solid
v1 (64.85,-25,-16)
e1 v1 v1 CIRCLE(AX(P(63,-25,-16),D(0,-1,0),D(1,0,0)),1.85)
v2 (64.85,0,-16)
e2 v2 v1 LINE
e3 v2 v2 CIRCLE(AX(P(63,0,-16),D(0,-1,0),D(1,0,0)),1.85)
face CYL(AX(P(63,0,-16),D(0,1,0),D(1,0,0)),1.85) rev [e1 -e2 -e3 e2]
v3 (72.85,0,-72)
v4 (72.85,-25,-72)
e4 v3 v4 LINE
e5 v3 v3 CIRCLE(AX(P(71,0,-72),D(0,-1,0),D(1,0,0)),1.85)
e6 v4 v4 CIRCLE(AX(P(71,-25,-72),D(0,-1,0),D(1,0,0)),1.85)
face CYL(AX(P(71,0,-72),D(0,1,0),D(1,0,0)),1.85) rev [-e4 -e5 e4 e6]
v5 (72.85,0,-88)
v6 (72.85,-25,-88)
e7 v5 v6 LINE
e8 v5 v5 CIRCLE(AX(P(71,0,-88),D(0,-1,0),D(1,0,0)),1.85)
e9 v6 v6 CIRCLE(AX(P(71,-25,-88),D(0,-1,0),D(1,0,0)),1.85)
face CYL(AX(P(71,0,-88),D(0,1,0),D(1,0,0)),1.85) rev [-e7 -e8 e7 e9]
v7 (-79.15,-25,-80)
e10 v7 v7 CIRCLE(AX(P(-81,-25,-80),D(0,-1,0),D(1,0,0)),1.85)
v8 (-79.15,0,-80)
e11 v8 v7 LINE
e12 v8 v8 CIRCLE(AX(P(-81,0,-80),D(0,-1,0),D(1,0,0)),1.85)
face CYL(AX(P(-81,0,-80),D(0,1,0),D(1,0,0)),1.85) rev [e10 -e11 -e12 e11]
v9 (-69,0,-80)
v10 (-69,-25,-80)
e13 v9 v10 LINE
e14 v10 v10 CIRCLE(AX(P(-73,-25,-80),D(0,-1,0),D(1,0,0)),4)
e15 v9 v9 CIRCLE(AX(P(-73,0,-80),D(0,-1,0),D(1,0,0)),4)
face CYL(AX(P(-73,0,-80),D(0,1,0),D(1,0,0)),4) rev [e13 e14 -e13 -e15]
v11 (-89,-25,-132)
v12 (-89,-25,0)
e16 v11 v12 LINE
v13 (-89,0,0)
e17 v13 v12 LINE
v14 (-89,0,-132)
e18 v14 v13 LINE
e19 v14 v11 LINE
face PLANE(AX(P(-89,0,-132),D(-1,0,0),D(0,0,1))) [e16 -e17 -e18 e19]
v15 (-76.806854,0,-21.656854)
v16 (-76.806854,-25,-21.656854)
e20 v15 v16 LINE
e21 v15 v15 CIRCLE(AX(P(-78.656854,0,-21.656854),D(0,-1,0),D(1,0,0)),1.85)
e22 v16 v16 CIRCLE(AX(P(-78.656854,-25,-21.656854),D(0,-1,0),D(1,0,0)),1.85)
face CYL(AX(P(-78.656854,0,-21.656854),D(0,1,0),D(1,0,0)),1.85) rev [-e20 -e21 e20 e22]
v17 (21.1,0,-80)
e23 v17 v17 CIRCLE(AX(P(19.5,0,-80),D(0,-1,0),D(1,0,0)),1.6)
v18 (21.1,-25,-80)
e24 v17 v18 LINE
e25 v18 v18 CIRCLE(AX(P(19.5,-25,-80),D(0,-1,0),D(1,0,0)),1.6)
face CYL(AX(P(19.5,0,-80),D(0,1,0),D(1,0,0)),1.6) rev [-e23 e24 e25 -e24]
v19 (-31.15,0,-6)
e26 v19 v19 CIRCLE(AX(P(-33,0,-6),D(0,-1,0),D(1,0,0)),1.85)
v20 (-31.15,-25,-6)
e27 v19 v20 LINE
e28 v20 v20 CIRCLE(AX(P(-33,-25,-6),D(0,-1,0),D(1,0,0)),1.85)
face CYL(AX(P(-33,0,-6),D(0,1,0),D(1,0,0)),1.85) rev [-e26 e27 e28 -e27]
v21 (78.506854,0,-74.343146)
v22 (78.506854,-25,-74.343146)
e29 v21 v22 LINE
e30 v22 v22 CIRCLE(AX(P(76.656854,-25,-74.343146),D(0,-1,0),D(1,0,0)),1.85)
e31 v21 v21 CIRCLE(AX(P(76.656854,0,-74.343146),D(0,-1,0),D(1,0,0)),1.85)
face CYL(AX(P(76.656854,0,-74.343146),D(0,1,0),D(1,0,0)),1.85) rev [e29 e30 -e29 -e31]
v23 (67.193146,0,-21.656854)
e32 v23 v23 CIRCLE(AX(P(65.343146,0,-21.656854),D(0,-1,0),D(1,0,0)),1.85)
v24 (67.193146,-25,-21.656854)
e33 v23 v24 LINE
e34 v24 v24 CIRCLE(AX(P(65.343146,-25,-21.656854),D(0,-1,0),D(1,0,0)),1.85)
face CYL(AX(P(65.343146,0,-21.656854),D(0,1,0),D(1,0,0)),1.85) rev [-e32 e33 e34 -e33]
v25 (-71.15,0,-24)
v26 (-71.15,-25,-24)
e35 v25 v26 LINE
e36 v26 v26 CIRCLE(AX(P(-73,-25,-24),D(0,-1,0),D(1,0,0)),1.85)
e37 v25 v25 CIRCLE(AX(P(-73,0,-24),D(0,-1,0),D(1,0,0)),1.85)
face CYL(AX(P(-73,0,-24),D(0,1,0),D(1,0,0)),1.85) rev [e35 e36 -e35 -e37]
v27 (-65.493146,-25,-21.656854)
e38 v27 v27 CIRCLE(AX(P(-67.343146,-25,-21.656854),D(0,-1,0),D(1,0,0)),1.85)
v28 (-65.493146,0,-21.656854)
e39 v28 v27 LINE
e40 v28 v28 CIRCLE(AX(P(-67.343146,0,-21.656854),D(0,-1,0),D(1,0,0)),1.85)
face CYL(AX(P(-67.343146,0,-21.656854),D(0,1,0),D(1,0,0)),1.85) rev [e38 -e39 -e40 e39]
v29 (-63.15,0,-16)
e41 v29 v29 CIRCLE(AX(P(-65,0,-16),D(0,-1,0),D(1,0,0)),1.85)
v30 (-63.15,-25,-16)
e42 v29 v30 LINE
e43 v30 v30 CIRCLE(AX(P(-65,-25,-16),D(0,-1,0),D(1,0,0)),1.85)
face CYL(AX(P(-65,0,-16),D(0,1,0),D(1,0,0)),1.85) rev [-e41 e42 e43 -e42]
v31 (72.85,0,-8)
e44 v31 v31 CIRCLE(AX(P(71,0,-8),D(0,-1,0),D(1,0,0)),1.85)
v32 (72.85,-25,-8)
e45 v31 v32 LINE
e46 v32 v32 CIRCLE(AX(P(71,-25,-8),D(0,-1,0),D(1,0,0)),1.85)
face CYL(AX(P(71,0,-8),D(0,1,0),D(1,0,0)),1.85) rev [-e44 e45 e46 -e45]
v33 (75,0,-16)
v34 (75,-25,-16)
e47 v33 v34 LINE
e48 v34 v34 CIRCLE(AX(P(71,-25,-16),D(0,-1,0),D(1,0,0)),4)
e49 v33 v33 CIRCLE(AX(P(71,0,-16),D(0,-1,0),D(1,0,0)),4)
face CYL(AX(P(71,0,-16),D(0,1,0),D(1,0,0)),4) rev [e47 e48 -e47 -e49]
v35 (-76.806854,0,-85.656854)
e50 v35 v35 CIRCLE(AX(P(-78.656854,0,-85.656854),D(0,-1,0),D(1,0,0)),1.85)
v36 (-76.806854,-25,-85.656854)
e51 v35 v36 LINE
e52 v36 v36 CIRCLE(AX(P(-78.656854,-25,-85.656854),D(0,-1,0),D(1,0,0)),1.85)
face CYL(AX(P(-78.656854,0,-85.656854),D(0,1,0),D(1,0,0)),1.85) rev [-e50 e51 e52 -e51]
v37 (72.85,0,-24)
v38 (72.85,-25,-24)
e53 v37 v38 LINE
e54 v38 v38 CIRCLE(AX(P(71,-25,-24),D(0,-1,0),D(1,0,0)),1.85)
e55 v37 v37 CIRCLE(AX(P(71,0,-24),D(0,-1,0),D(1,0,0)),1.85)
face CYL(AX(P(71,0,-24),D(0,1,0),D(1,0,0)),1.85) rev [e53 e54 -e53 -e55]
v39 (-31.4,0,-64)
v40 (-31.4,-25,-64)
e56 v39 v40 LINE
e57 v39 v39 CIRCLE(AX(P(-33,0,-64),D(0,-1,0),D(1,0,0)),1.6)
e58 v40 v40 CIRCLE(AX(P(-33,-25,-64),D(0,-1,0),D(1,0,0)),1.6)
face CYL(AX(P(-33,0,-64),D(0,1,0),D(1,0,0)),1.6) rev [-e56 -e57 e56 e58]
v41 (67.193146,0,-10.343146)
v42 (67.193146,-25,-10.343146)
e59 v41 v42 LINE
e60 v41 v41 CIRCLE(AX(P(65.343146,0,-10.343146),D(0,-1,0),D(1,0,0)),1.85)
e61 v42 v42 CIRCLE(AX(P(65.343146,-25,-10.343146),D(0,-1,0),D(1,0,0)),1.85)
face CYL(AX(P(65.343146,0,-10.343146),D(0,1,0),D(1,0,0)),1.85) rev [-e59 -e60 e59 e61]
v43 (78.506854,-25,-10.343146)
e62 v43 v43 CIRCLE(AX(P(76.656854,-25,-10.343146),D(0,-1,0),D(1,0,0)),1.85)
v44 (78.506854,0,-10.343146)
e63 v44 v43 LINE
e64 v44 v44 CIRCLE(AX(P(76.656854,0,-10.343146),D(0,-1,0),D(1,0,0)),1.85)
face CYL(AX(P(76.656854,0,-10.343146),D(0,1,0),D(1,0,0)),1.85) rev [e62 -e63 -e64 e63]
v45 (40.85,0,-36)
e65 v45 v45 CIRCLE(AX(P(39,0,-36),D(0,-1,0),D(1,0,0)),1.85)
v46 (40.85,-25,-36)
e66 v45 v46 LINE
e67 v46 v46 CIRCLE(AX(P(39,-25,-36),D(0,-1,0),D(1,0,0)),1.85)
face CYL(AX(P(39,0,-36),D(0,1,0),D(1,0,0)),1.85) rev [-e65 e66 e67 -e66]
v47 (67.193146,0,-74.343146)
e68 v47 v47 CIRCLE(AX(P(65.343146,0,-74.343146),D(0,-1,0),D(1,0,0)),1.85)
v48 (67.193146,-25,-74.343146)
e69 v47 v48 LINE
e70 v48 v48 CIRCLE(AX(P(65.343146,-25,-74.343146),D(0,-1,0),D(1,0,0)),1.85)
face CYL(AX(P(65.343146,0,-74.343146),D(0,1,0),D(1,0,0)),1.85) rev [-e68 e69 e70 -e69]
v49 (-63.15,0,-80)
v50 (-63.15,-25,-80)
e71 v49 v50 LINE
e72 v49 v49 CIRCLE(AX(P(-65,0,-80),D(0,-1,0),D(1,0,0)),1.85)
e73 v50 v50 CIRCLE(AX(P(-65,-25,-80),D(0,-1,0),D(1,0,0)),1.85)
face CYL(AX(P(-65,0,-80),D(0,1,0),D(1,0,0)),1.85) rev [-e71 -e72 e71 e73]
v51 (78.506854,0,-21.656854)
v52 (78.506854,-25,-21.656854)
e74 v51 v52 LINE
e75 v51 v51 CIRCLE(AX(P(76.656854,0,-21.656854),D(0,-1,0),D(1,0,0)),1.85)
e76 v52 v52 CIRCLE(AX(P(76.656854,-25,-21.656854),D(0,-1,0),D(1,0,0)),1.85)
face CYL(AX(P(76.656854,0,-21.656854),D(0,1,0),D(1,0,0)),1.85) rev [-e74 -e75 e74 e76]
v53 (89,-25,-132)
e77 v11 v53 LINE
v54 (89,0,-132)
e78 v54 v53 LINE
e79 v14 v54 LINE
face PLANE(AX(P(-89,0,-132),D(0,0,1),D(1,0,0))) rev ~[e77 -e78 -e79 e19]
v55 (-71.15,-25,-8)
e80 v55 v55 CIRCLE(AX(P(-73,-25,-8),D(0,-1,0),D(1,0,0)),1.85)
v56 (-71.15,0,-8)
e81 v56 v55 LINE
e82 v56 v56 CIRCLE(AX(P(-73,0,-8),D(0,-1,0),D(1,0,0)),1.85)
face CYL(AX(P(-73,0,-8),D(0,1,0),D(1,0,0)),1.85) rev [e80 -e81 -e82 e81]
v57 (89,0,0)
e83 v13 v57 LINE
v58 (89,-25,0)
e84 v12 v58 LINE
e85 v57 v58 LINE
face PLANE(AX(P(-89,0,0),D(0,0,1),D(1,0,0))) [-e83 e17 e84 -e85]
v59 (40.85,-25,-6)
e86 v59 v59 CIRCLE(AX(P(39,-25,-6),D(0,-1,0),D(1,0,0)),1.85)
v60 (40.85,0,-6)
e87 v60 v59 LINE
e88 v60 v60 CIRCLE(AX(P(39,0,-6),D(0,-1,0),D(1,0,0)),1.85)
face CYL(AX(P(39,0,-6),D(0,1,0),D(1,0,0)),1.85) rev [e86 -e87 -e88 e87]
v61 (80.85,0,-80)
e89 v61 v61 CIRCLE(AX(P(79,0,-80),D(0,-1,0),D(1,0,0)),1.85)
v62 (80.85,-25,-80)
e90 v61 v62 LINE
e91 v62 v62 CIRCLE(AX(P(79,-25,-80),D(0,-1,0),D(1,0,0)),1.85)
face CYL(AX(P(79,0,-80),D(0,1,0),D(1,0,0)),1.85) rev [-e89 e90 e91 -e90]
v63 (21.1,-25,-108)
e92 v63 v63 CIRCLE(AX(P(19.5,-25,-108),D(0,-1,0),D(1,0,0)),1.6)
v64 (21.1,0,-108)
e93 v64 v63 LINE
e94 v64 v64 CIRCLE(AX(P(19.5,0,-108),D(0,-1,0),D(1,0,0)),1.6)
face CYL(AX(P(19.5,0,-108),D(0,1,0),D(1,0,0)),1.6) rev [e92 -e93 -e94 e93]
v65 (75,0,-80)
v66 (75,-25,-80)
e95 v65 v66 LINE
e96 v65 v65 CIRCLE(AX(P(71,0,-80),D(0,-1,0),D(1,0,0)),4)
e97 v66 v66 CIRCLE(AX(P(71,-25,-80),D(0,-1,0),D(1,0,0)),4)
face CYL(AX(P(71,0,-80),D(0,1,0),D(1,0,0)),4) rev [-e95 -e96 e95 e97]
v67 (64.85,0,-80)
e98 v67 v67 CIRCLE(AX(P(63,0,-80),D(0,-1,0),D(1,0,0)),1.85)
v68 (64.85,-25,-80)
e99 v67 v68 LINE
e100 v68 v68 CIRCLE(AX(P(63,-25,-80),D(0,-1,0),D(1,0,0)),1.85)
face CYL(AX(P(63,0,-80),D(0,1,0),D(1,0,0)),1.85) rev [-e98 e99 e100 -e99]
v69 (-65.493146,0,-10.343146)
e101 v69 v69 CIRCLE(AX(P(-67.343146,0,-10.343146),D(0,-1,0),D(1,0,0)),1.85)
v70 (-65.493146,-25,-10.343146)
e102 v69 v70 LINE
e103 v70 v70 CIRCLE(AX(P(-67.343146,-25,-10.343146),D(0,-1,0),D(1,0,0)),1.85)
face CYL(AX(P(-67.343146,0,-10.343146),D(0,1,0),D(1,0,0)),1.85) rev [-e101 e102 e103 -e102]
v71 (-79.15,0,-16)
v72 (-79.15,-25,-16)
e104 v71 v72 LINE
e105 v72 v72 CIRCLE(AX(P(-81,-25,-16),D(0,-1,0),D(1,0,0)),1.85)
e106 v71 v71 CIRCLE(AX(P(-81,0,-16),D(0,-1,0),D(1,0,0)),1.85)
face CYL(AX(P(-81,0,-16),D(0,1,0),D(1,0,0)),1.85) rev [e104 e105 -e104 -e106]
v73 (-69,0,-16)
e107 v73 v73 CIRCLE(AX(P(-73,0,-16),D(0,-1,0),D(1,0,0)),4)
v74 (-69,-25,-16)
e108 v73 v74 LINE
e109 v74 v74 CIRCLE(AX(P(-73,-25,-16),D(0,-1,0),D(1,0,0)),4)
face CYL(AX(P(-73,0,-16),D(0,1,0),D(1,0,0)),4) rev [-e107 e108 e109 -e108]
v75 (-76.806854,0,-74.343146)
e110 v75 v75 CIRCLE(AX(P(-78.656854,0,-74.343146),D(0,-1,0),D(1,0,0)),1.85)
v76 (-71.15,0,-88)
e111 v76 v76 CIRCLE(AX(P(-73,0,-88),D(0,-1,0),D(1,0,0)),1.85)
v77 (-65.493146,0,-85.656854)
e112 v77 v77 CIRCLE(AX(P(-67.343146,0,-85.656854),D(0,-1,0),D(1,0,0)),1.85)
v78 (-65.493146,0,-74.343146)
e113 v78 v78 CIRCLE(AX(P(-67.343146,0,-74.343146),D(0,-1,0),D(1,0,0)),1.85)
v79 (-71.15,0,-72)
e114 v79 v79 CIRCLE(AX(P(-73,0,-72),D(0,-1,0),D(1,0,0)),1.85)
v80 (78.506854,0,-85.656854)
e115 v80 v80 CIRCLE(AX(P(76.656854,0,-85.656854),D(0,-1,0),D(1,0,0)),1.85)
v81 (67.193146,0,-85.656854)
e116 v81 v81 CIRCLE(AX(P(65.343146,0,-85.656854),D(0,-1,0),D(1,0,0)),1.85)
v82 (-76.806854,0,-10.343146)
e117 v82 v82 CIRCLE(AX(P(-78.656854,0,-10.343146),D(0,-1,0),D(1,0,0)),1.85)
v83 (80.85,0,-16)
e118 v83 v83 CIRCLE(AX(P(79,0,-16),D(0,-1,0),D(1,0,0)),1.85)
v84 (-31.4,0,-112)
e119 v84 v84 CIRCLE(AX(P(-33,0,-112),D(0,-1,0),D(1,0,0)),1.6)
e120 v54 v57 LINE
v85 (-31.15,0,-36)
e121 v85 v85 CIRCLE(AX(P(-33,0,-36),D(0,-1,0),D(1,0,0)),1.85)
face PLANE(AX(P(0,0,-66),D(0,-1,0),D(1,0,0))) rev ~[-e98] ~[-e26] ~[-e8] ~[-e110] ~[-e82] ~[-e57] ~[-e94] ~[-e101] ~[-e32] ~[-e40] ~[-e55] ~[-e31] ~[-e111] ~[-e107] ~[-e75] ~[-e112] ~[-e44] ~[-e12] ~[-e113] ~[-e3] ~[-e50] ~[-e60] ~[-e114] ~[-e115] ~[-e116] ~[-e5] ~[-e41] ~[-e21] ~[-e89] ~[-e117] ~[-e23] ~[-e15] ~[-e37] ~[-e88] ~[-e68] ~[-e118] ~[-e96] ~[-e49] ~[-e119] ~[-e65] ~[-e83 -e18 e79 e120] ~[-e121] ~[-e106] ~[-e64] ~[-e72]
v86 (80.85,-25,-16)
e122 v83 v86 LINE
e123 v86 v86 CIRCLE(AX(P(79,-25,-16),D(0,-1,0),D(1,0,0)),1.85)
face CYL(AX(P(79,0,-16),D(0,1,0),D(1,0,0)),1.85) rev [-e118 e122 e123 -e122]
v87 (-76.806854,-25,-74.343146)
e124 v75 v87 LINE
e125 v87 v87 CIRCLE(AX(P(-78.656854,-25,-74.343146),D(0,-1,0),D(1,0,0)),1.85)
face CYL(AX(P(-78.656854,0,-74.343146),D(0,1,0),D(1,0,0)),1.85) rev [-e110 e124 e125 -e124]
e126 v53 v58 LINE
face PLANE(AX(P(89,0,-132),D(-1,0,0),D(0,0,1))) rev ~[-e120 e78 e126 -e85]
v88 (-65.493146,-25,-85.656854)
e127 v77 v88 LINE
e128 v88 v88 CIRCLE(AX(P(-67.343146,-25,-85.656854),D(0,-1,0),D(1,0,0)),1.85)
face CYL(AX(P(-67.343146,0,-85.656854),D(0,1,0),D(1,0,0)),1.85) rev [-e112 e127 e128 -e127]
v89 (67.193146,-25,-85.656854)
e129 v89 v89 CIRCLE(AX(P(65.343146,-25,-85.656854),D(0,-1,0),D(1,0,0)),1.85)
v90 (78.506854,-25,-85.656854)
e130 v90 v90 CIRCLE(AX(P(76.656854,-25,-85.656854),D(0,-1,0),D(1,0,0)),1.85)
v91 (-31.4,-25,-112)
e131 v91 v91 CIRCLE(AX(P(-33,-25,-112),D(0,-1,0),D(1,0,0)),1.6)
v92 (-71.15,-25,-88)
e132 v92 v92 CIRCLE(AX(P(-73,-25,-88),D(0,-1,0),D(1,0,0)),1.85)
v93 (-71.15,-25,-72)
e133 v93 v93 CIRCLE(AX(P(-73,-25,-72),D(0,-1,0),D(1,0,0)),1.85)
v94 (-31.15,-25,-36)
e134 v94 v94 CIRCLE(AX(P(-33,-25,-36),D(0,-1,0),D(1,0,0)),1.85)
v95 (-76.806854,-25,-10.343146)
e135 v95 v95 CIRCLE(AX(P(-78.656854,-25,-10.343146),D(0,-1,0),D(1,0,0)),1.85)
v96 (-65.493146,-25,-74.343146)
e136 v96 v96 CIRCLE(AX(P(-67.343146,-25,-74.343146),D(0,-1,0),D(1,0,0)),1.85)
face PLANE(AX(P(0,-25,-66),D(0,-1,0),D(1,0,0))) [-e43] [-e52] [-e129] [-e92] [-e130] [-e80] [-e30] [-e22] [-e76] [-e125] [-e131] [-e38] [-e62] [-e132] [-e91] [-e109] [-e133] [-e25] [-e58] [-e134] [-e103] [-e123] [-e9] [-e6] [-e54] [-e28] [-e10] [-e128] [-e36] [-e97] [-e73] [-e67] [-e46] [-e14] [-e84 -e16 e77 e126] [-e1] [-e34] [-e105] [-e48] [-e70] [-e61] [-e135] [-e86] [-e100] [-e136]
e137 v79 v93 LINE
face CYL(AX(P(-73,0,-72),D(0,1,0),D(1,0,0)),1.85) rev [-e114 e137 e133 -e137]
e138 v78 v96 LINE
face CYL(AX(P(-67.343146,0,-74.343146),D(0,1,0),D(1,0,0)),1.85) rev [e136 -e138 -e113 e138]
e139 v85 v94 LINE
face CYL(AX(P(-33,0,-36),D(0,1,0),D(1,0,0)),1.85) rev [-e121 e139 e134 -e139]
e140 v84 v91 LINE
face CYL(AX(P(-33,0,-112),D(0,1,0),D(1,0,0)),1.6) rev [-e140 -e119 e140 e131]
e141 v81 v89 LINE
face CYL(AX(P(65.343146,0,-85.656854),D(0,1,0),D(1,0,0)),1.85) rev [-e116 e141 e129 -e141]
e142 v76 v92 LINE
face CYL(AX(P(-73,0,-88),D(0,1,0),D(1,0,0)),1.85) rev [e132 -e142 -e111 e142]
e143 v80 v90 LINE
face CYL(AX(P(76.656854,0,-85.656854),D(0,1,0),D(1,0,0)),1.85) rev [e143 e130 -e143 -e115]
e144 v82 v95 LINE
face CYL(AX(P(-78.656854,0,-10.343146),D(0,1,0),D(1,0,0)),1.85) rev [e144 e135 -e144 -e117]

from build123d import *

# Parameters (mm, degrees)
F0_W     = 178
F0_H     = 132
F0_R     = 1.6
F0_R_2   = 1.85
F0_R_3   = 4
F1_DEPTH = 25


with BuildPart() as f1:
    # F0 (on Front) → F1 (new body)
    with BuildSketch(Plane.XZ):
        with Locations((0, -66)):
            Rectangle(F0_W, F0_H)
        with Locations((-33, -112)):
            Circle(F0_R, mode=Mode.SUBTRACT)
        with Locations((-78.656854, -85.656854)):
            Circle(F0_R_2, mode=Mode.SUBTRACT)
        with Locations((-73, -88)):
            Circle(F0_R_2, mode=Mode.SUBTRACT)
        with Locations((-67.343146, -85.656854)):
            Circle(F0_R_2, mode=Mode.SUBTRACT)
        with Locations((-81, -80)):
            Circle(F0_R_2, mode=Mode.SUBTRACT)
        with Locations((-78.656854, -74.343146)):
            Circle(F0_R_2, mode=Mode.SUBTRACT)
        with Locations((-73, -80)):
            Circle(F0_R_3, mode=Mode.SUBTRACT)
        with Locations((-67.343146, -74.343146)):
            Circle(F0_R_2, mode=Mode.SUBTRACT)
        with Locations((-73, -72)):
            Circle(F0_R_2, mode=Mode.SUBTRACT)
        with Locations((-65, -80)):
            Circle(F0_R_2, mode=Mode.SUBTRACT)
        with Locations((19.5, -108)):
            Circle(F0_R, mode=Mode.SUBTRACT)
        with Locations((19.5, -80)):
            Circle(F0_R, mode=Mode.SUBTRACT)
        with Locations((65.343146, -85.656854)):
            Circle(F0_R_2, mode=Mode.SUBTRACT)
        with Locations((71, -88)):
            Circle(F0_R_2, mode=Mode.SUBTRACT)
        with Locations((76.656854, -85.656854)):
            Circle(F0_R_2, mode=Mode.SUBTRACT)
        with Locations((63, -80)):
            Circle(F0_R_2, mode=Mode.SUBTRACT)
        with Locations((65.343146, -74.343146)):
            Circle(F0_R_2, mode=Mode.SUBTRACT)
        with Locations((71, -80)):
            Circle(F0_R_3, mode=Mode.SUBTRACT)
        with Locations((76.656854, -74.343146)):
            Circle(F0_R_2, mode=Mode.SUBTRACT)
        with Locations((79, -80)):
            Circle(F0_R_2, mode=Mode.SUBTRACT)
        with Locations((71, -72)):
            Circle(F0_R_2, mode=Mode.SUBTRACT)
        with Locations((-33, -64)):
            Circle(F0_R, mode=Mode.SUBTRACT)
        with Locations((-33, -36)):
            Circle(F0_R_2, mode=Mode.SUBTRACT)
        with Locations((-78.656854, -21.656854)):
            Circle(F0_R_2, mode=Mode.SUBTRACT)
        with Locations((-73, -24)):
            Circle(F0_R_2, mode=Mode.SUBTRACT)
        with Locations((-67.343146, -21.656854)):
            Circle(F0_R_2, mode=Mode.SUBTRACT)
        with Locations((-81, -16)):
            Circle(F0_R_2, mode=Mode.SUBTRACT)
        with Locations((-78.656854, -10.343146)):
            Circle(F0_R_2, mode=Mode.SUBTRACT)
        with Locations((-73, -16)):
            Circle(F0_R_3, mode=Mode.SUBTRACT)
        with Locations((-67.343146, -10.343146)):
            Circle(F0_R_2, mode=Mode.SUBTRACT)
        with Locations((-73, -8)):
            Circle(F0_R_2, mode=Mode.SUBTRACT)
        with Locations((-65, -16)):
            Circle(F0_R_2, mode=Mode.SUBTRACT)
        with Locations((-33, -6)):
            Circle(F0_R_2, mode=Mode.SUBTRACT)
        with Locations((39, -36)):
            Circle(F0_R_2, mode=Mode.SUBTRACT)
        with Locations((39, -6)):
            Circle(F0_R_2, mode=Mode.SUBTRACT)
        with Locations((65.343146, -21.656854)):
            Circle(F0_R_2, mode=Mode.SUBTRACT)
        with Locations((71, -24)):
            Circle(F0_R_2, mode=Mode.SUBTRACT)
        with Locations((76.656854, -21.656854)):
            Circle(F0_R_2, mode=Mode.SUBTRACT)
        with Locations((63, -16)):
            Circle(F0_R_2, mode=Mode.SUBTRACT)
        with Locations((65.343146, -10.343146)):
            Circle(F0_R_2, mode=Mode.SUBTRACT)
        with Locations((71, -16)):
            Circle(F0_R_3, mode=Mode.SUBTRACT)
        with Locations((76.656854, -10.343146)):
            Circle(F0_R_2, mode=Mode.SUBTRACT)
        with Locations((79, -16)):
            Circle(F0_R_2, mode=Mode.SUBTRACT)
        with Locations((71, -8)):
            Circle(F0_R_2, mode=Mode.SUBTRACT)
    extrude(amount=F1_DEPTH)


solid = f1.part
